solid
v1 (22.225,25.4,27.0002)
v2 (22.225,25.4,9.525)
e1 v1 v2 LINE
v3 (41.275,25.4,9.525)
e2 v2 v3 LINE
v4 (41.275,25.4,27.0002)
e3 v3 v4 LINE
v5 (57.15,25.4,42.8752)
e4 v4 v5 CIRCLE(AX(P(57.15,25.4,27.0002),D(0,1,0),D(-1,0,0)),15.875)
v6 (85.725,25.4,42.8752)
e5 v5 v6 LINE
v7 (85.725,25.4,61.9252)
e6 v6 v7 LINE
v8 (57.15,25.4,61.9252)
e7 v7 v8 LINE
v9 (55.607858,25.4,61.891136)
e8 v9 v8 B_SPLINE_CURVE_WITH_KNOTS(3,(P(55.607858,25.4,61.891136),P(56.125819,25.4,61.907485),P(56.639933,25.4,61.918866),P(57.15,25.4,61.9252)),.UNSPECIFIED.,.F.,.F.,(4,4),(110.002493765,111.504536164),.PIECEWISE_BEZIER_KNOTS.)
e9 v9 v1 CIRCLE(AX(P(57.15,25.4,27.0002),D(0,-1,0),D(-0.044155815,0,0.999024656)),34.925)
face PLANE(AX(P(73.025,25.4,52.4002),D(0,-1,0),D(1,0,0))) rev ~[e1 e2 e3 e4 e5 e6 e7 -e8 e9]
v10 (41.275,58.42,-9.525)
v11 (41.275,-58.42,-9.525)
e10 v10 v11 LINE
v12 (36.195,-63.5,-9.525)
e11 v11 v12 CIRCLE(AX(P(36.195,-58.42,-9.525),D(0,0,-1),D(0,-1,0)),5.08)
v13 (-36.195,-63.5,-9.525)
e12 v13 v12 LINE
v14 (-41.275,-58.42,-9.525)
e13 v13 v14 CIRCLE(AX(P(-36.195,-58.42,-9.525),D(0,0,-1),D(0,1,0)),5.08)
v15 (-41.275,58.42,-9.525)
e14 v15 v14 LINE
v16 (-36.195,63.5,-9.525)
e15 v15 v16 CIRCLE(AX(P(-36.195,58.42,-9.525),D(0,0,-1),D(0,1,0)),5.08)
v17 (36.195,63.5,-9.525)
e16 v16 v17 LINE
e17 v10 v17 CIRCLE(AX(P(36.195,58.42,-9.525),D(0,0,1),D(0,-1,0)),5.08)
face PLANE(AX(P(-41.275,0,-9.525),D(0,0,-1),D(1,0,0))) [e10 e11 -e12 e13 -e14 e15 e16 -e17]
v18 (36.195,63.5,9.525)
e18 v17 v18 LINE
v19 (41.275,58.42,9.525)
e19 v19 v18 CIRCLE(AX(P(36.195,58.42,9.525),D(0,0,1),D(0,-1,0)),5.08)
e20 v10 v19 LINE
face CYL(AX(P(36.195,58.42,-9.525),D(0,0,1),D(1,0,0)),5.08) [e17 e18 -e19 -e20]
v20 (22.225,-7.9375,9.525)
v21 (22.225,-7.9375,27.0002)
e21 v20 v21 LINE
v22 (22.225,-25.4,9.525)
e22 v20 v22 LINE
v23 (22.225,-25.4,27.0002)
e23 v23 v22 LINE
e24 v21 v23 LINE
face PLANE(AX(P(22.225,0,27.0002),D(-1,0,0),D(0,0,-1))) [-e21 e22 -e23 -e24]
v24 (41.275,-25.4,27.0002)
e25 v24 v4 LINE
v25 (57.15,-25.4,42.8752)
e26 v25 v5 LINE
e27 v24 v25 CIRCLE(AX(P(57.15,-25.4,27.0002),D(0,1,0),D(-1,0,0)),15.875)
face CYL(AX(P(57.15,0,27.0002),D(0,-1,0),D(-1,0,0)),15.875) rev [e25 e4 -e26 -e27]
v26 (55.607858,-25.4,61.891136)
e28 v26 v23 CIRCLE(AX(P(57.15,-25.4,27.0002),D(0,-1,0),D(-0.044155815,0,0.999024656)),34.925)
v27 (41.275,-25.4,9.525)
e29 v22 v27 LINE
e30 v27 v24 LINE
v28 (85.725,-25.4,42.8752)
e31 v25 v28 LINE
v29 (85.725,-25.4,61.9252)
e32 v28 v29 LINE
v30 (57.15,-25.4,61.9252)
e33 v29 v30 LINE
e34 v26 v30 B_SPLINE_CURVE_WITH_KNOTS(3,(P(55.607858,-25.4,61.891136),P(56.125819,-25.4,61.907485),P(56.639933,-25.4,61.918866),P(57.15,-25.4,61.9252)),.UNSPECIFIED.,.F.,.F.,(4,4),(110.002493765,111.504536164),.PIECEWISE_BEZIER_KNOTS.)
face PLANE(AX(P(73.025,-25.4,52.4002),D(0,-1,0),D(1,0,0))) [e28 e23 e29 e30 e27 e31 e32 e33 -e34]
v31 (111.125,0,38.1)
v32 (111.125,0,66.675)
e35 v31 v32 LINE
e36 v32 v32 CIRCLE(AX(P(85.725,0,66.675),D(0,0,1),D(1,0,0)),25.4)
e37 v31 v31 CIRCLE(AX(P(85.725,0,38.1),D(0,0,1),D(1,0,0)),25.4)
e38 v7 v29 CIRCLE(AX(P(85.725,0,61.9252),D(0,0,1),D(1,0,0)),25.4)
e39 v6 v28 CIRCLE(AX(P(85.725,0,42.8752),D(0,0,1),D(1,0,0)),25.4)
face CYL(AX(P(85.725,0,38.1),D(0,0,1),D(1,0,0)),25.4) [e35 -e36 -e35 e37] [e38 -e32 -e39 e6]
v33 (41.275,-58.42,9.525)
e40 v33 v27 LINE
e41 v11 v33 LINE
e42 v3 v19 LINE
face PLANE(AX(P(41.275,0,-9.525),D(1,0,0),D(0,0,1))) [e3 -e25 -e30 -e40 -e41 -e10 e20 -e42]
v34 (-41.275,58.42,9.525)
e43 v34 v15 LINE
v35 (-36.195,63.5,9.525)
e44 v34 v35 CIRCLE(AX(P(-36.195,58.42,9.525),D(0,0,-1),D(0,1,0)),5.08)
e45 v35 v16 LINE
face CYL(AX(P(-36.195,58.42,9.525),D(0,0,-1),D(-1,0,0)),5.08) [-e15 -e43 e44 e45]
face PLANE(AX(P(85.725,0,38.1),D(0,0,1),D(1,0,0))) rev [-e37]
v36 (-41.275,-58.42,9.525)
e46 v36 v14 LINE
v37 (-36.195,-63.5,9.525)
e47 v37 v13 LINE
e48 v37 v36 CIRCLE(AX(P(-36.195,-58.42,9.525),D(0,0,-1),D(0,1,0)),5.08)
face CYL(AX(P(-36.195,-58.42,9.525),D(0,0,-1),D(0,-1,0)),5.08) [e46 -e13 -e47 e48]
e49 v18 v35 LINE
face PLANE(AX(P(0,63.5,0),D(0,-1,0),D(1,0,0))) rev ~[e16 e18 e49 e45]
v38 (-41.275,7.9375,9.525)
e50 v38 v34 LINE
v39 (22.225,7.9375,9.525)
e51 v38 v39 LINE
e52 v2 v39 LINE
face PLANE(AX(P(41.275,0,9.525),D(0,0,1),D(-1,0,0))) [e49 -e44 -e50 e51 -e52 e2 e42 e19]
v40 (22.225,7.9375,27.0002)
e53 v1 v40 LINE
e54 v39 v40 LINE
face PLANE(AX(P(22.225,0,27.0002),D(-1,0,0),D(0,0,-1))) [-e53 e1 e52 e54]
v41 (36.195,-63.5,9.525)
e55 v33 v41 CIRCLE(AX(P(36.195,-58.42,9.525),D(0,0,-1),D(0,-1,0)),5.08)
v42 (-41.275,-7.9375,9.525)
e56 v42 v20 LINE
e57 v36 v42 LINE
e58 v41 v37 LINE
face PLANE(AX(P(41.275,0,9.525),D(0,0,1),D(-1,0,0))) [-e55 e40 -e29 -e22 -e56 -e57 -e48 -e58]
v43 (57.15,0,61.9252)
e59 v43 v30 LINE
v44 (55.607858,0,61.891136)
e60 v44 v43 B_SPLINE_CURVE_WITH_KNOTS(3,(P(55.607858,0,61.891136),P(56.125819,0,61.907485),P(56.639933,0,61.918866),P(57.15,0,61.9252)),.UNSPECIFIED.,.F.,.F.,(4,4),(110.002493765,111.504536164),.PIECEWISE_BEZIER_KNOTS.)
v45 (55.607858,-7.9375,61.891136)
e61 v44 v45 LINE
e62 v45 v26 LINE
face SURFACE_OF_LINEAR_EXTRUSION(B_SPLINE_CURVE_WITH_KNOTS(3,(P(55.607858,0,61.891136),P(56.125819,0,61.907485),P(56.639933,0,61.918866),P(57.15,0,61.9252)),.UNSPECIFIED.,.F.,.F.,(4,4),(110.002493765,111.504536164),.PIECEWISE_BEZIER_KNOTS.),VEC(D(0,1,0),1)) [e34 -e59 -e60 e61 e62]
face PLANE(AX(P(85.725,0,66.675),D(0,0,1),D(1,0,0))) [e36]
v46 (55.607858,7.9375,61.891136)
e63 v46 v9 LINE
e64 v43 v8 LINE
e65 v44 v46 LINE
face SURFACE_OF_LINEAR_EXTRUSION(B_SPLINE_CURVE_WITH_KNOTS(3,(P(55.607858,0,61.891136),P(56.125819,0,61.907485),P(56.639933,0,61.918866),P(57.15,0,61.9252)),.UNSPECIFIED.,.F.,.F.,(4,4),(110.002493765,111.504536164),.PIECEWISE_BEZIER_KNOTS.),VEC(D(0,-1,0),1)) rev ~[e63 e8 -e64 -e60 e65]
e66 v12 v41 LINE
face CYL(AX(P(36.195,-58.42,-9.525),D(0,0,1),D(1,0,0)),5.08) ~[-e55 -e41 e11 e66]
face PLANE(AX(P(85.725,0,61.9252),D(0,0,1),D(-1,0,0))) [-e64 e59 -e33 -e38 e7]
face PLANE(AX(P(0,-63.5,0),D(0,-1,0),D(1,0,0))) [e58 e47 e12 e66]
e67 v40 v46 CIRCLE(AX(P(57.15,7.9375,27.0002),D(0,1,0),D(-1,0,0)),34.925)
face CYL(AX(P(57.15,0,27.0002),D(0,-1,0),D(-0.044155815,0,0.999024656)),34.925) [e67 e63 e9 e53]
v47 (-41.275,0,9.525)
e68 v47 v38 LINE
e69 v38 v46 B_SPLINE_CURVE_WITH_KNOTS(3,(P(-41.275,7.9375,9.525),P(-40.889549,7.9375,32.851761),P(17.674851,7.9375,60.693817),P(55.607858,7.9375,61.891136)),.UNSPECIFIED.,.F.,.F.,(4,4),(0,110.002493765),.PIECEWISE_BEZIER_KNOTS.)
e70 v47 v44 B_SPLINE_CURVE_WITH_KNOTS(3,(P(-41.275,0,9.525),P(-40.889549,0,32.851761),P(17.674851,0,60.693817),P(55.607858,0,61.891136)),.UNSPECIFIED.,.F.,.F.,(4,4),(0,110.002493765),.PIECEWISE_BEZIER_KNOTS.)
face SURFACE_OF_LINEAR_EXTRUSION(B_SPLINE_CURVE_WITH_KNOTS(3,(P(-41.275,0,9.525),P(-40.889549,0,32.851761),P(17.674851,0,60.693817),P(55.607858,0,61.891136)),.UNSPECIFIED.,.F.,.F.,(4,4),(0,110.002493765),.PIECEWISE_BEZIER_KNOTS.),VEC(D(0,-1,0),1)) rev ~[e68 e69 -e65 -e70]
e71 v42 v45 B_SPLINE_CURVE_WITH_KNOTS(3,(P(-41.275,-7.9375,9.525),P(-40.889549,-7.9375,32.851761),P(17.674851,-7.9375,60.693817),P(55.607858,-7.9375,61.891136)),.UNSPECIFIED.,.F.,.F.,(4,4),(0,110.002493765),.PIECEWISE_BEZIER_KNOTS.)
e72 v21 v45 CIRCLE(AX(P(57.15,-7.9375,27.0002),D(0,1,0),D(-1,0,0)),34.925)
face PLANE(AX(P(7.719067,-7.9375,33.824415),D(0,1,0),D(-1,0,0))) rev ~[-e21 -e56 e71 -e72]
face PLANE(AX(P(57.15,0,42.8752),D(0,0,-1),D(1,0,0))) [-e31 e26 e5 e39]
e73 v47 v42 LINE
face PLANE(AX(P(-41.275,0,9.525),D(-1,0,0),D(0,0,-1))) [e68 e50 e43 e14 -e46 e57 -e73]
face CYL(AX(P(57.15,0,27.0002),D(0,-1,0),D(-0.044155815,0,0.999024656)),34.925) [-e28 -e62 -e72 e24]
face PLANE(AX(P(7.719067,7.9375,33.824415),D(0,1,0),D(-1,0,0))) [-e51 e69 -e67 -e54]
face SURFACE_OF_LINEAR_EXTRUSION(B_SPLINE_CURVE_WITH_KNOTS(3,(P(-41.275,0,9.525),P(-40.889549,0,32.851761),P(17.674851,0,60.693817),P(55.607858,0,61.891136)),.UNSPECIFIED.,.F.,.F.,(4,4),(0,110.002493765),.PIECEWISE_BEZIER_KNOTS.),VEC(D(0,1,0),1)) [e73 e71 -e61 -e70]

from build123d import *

# Parameters (mm, degrees)
F1_DEPTH = 63.5
F0_W     = 25.4
F0_H     = 19.05
F2_DEPTH = 25.4
F3_DEPTH = 7.9375
F5_R     = 5.08


with BuildPart() as f1:
    # F0 (on Front) → F1 (new body, symmetric)
    with BuildSketch(Plane.XZ):
        Polygon((-41.275, 9.525), (-41.275, -9.525), (41.275, -9.525), (41.275, 9.525), (22.225, 9.525), align=None)
    extrude(amount=F1_DEPTH, both=True)

    # F0 (on Front) → F2 (join, symmetric)
    with BuildSketch(Plane.XZ):
        with Locations((73.025, 52.4002)):
            Rectangle(F0_W, F0_H)
        with BuildLine():
            Line((22.225, 9.525), (41.275, 9.525))
            Line((41.275, 9.525), (41.275, 27.0002))
            ThreePointArc((41.275, 27.0002), (45.9246798487, 38.2255201513), (57.15, 42.8752))
            Line((57.15, 42.8752), (60.325, 42.8752))
            Line((60.325, 42.8752), (60.325, 61.9252))
            Line((60.325, 61.9252), (57.15, 61.9252))
            add(Edge.make_bspline(
                [(55.6078581678, 61.8911361234), (56.1258190219, 61.9074850682), (56.63993318, 61.918866137), (57.15, 61.9252)],
                knots=[110.0024937652, 110.0024937652, 110.0024937652, 110.0024937652, 111.5045361635, 111.5045361635, 111.5045361635, 111.5045361635], degree=3))
            ThreePointArc((55.6078581678, 61.8911361234), (31.9149556322, 51.1445194304), (22.225, 27.0002))
            Line((22.225, 27.0002), (22.225, 9.525))
        make_face()
    extrude(amount=F2_DEPTH, both=True)

    # F0 (on Front) → F3 (join, symmetric)
    with BuildSketch(Plane.XZ):
        with BuildLine():
            add(Edge.make_bspline(
                [(-41.275, 9.525), (-40.8895493479, 32.8517610266), (17.6748506275, 60.6938165945), (55.6078581678, 61.8911361234)],
                knots=[0, 0, 0, 0, 110.0024937652, 110.0024937652, 110.0024937652, 110.0024937652], degree=3))
            Line((-41.275, 9.525), (22.225, 9.525))
            Line((22.225, 9.525), (22.225, 27.0002))
            ThreePointArc((22.225, 27.0002), (31.9149556322, 51.1445194304), (55.6078581678, 61.8911361234))
        make_face()
    extrude(amount=F3_DEPTH, both=True)

    # F0 (on Front) → F4 (revolve)
    with BuildSketch(Plane.XZ):
        Polygon((85.725, 66.675), (85.725, 61.9252), (85.725, 42.8752), (85.725, 38.1), (111.125, 38.1), (111.125, 66.675), align=None)
    revolve(axis=Axis((85.725, 0, 52.3875), (0, 0, 1)))

    # F5
    f5_edges = [f1.edges().sort_by_distance(p)[0] for p in [
        (41.275, -63.5, 0),
        (-41.275, -63.5, 0),
        (-41.275, 63.5, 0),
        (41.275, 63.5, 0),
    ]]
    fillet(f5_edges, radius=F5_R)


solid = f1.part
